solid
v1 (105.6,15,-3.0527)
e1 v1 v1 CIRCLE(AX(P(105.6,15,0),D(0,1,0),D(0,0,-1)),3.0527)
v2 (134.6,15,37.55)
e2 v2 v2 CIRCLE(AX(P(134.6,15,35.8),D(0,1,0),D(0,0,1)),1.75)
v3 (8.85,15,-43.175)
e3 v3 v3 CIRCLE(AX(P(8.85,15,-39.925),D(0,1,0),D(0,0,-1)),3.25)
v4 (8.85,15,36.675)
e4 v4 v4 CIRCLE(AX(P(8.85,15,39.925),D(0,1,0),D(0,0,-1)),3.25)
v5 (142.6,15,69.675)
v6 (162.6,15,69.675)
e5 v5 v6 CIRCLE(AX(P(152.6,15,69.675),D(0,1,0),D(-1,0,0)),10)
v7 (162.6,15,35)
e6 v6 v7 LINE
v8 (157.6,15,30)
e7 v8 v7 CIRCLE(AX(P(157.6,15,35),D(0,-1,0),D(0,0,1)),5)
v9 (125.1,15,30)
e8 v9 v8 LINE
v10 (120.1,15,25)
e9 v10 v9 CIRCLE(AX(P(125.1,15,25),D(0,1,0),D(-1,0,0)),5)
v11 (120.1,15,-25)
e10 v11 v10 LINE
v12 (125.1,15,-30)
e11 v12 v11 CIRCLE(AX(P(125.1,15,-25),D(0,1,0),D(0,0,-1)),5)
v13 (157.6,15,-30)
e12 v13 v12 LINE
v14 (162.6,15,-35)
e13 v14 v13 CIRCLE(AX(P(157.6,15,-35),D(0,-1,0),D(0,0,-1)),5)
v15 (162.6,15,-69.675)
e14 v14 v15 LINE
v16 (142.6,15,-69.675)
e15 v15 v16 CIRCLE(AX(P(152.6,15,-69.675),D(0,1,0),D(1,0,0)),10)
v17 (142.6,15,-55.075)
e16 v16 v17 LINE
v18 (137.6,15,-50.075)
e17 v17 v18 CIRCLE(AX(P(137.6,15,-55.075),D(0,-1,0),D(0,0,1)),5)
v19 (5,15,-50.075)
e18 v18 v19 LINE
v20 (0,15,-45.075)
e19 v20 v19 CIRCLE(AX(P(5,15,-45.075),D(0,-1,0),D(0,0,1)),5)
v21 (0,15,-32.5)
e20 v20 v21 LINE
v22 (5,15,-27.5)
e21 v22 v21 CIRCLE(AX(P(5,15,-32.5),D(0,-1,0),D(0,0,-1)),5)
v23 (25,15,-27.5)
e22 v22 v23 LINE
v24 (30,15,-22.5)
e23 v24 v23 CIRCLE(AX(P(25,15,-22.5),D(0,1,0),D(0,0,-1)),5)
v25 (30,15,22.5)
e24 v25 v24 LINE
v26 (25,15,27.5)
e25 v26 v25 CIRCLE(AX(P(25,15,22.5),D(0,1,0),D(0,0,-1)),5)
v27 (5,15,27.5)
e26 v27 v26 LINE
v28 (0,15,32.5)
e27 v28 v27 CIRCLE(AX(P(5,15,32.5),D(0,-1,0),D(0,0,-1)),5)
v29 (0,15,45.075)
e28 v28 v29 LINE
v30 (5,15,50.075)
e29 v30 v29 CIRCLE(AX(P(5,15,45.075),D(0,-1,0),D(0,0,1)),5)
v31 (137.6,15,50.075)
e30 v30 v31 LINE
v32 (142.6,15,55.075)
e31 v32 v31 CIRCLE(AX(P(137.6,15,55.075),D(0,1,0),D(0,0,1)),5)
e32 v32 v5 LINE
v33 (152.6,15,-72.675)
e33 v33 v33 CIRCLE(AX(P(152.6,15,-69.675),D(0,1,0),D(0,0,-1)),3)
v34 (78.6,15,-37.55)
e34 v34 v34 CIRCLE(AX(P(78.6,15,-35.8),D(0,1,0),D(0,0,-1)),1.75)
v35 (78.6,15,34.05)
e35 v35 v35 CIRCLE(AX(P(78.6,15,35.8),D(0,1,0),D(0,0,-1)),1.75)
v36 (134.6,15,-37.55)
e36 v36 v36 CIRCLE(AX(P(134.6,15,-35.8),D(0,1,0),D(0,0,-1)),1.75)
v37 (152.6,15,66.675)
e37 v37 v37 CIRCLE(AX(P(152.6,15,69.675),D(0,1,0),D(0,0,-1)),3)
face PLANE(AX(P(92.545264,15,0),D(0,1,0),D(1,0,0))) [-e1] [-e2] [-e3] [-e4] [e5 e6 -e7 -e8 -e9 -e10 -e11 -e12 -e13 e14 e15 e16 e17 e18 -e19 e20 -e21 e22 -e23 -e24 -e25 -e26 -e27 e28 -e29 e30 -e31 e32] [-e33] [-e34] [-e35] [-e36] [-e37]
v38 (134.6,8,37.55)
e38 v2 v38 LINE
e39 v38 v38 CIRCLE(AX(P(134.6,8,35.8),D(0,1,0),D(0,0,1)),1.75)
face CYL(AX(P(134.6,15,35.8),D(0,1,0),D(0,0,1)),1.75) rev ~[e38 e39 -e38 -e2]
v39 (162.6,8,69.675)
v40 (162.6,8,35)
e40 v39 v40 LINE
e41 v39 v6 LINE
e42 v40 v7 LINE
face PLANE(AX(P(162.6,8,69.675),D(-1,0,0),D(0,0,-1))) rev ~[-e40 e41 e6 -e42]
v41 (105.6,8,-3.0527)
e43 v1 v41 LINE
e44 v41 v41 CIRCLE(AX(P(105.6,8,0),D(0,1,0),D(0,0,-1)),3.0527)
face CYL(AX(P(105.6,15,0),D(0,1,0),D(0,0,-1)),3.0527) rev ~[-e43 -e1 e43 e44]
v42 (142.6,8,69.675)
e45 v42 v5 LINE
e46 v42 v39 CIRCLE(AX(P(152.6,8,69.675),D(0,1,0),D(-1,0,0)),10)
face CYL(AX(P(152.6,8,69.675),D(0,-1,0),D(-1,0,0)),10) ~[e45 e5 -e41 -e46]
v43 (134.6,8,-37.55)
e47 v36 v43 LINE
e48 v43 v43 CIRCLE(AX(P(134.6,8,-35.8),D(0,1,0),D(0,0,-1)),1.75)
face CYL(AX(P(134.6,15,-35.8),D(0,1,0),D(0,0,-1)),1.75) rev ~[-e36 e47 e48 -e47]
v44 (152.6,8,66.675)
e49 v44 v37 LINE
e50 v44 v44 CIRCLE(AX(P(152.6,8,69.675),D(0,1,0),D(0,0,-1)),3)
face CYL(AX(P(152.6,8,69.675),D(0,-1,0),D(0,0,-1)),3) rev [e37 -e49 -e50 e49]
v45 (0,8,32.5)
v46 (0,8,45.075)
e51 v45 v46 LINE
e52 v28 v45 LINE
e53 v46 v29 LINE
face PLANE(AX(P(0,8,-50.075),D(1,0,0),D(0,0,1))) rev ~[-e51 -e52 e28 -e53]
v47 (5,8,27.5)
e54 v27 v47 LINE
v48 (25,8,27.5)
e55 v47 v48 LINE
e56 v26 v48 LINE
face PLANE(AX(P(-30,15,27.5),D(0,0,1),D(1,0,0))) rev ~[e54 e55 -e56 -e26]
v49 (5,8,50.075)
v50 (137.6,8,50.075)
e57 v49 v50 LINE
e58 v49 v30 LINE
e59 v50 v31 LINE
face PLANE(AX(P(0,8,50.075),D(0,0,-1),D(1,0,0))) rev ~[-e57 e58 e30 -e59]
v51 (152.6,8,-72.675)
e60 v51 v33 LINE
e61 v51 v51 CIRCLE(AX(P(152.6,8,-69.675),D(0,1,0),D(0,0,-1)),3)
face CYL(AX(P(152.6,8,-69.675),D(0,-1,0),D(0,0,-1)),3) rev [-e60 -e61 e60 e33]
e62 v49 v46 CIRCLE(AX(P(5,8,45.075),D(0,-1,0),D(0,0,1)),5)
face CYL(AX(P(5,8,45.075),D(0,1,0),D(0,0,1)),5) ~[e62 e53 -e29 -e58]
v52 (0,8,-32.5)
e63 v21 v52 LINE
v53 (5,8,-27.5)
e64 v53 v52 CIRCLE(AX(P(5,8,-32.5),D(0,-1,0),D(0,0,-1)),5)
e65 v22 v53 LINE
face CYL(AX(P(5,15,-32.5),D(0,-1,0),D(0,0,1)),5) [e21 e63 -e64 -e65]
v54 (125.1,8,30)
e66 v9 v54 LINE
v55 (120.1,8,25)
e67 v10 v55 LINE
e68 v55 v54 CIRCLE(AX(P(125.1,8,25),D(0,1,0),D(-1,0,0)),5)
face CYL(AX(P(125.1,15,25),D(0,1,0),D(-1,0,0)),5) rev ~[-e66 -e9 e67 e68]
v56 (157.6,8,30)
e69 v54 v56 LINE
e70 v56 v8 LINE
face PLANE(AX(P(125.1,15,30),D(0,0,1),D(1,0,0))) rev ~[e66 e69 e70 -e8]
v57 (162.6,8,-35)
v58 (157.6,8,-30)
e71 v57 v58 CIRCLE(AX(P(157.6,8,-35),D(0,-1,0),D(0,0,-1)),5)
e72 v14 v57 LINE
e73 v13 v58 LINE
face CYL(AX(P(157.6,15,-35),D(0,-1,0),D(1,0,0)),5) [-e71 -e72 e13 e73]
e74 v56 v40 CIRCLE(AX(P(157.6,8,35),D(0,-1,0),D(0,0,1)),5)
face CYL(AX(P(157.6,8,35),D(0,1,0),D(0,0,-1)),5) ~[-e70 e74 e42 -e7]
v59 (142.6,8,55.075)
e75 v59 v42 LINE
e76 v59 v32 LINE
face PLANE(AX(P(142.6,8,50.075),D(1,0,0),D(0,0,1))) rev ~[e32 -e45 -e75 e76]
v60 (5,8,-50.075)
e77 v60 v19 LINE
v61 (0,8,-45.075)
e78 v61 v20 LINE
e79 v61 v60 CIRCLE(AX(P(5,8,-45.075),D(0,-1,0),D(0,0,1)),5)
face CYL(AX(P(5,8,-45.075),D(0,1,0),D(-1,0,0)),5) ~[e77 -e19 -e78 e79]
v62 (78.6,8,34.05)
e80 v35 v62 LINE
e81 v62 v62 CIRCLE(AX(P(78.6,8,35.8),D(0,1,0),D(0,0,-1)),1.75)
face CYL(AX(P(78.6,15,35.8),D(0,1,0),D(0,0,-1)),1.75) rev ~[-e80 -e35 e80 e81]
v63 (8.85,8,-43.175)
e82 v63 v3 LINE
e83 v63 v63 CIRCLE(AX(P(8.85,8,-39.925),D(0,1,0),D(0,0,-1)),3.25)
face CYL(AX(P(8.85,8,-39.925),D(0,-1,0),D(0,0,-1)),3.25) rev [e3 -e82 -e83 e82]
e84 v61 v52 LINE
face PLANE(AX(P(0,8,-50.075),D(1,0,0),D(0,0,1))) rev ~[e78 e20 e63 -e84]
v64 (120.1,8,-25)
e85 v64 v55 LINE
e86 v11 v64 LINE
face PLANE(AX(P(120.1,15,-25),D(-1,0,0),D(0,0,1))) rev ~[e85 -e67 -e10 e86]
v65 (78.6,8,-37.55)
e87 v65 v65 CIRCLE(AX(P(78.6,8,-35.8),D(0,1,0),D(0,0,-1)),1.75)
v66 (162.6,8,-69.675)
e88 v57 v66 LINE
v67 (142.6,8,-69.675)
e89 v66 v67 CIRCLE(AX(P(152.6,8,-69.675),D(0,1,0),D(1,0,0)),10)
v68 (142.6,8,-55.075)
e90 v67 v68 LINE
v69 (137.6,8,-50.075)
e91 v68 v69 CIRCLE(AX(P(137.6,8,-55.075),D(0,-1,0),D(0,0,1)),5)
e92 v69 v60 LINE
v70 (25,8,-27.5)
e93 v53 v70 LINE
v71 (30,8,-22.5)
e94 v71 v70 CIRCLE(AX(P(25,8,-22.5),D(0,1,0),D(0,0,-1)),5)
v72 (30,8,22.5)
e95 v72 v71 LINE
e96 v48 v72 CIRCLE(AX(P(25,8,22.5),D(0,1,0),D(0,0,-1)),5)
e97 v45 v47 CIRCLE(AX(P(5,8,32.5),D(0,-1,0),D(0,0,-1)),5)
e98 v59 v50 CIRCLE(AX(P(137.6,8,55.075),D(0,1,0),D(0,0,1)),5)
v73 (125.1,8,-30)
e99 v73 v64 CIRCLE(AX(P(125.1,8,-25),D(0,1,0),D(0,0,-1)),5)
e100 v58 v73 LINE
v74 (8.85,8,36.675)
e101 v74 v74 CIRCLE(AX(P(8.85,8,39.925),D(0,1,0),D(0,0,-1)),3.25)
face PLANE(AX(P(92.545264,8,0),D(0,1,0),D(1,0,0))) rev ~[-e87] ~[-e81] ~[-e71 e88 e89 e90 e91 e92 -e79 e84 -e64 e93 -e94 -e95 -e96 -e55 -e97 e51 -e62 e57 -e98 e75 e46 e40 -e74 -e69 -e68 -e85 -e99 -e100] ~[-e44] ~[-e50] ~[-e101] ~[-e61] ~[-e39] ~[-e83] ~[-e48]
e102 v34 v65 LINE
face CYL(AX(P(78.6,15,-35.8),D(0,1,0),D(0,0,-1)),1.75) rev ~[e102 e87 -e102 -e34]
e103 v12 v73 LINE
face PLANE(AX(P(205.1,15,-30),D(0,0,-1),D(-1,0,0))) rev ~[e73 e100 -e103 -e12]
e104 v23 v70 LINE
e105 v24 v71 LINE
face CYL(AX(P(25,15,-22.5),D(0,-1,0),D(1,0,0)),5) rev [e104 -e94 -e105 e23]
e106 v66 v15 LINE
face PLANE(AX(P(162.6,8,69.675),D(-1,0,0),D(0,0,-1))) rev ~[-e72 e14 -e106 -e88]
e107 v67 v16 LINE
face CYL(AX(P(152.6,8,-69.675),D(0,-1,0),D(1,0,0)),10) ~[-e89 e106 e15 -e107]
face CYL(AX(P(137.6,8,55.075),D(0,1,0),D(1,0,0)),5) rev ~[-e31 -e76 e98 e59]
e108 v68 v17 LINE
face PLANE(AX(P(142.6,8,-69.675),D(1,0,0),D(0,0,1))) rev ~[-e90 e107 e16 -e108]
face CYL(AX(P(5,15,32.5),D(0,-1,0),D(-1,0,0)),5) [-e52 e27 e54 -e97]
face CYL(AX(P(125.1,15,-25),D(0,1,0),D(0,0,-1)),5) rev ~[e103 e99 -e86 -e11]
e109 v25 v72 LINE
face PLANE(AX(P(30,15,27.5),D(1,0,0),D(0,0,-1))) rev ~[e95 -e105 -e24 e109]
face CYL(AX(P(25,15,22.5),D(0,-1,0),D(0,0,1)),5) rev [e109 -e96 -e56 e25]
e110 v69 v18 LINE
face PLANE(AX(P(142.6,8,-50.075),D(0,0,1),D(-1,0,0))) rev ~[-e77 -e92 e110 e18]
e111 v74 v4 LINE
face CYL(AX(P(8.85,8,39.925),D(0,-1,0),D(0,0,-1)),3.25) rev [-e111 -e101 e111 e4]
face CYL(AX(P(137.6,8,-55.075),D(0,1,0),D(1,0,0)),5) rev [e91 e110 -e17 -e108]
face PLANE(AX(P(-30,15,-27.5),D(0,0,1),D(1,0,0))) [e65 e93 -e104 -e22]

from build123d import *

# Parameters (mm, degrees)
CROQUIS2_R              = 3
CROQUIS2_R_2            = 3.25
SALIENTE_EXTRUIR1_DEPTH = 7
CORTAR_EXTRUIR3_DEPTH   = 7
CROQUIS4_W              = 60
CROQUIS4_H              = 55
CORTAR_EXTRUIR4_DEPTH   = 7
REDONDEO1_R             = 5
CORTAR_EXTRUIR5_DEPTH   = 10
REDONDEO2_R             = 5


with BuildPart() as part:
    # Croquis2 → Saliente-Extruir1 (new body)
    with BuildSketch(Plane(origin=(0, 8, 0), x_dir=(1, 0, 0), z_dir=(0, 1, 0))):
        with BuildLine():
            Line((162.6, -69.675), (162.6, 69.675))
            ThreePointArc((162.6, 69.675), (152.6, 79.675), (142.6, 69.675))
            Line((142.6, 69.675), (142.6, 50.075))
            Line((142.6, 50.075), (8.85, 50.075))
            Line((8.85, 50.075), (0, 50.075))
            Line((0, 50.075), (0, -50.075))
            Line((0, -50.075), (8.85, -50.075))
            Line((8.85, -50.075), (142.6, -50.075))
            Line((142.6, -50.075), (142.6, -69.675))
            ThreePointArc((142.6, -69.675), (152.6, -79.675), (162.6, -69.675))
        make_face()
        with Locations(Location((152.6, -69.675, 0), (0, 0, 90))):
            Circle(CROQUIS2_R, mode=Mode.SUBTRACT)
        with Locations(Location((8.85, -39.925, 0), (0, 0, 90))):
            Circle(CROQUIS2_R_2, mode=Mode.SUBTRACT)
        with Locations(Location((8.85, 39.925, 0), (0, 0, 90))):
            Circle(CROQUIS2_R_2, mode=Mode.SUBTRACT)
        with Locations(Location((152.6, 69.675, 0), (0, 0, 90))):
            Circle(CROQUIS2_R, mode=Mode.SUBTRACT)
    extrude(amount=SALIENTE_EXTRUIR1_DEPTH)

    # Croquis3 → Cortar-Extruir3 (cut)
    with BuildSketch(Plane(origin=(0, 15, 0), x_dir=(1, 0, 0), z_dir=(0, 1, 0))):
        with BuildLine():
            ThreePointArc((134.6, 34.049999999), (136.35, 35.799999999), (134.6, 37.549999999))
            ThreePointArc((134.6, 37.549999999), (132.85, 35.799999999), (134.6, 34.049999999))
        make_face()
        with BuildLine():
            ThreePointArc((78.6, 34.049999999), (80.35, 35.799999999), (78.6, 37.549999999))
            ThreePointArc((78.6, 37.549999999), (76.85, 35.799999999), (78.6, 34.049999999))
        make_face()
        with BuildLine():
            ThreePointArc((134.6, -34.050000001), (132.85, -35.800000001), (134.6, -37.550000001))
            ThreePointArc((134.6, -37.550000001), (136.35, -35.800000001), (134.6, -34.050000001))
        make_face()
        with BuildLine():
            ThreePointArc((78.6, -37.550000001), (80.35, -35.800000001), (78.6, -34.050000001))
            ThreePointArc((78.6, -34.050000001), (76.85, -35.800000001), (78.6, -37.550000001))
        make_face()
        with BuildLine():
            ThreePointArc((105.6, -3.052700001), (108.6527, -1e-09), (105.6, 3.052699999))
            ThreePointArc((105.6, 3.052699999), (102.5473, -1e-09), (105.6, -3.052700001))
        make_face()
    extrude(amount=-CORTAR_EXTRUIR3_DEPTH, mode=Mode.SUBTRACT)

    # Croquis4 → Cortar-Extruir4 (cut)
    with BuildSketch(Plane(origin=(0, 15, 0), x_dir=(1, 0, 0), z_dir=(0, 1, 0))):
        Rectangle(CROQUIS4_W, CROQUIS4_H)
    extrude(amount=-CORTAR_EXTRUIR4_DEPTH, mode=Mode.SUBTRACT)

    # Redondeo1
    redondeo1_edges = [part.edges().sort_by_distance(p)[0] for p in [
        (142.6, 11.5, 50.075),
        (0, 11.5, 50.075),
        (0, 11.5, -50.075),
        (142.6, 11.5, -50.075),
        (0, 11.5, -27.5),
        (0, 11.5, 27.5),
        (30, 11.5, 27.5),
        (30, 11.5, -27.5),
    ]]
    fillet(redondeo1_edges, radius=REDONDEO1_R)

    # Croquis5 → Cortar-Extruir5 (cut)
    with BuildSketch(Plane(origin=(0, 15, 0), x_dir=(1, 0, 0), z_dir=(0, 1, 0))):
        with BuildLine():
            Line((125.1, -30), (205.1, -30))
            Line((205.1, -30), (205.1, 30))
            Line((205.1, 30), (125.1, 30))
            ThreePointArc((125.1, 30), (121.564466094, 28.535533906), (120.1, 25))
            Line((120.1, 25), (120.1, -25))
            ThreePointArc((120.1, -25), (121.564466094, -28.535533906), (125.1, -30))
        make_face()
    extrude(amount=-CORTAR_EXTRUIR5_DEPTH, mode=Mode.SUBTRACT)

    # Redondeo2
    redondeo2_edges = [part.edges().sort_by_distance(p)[0] for p in [
        (162.6, 11.5, -30),
        (162.6, 11.5, 30),
    ]]
    fillet(redondeo2_edges, radius=REDONDEO2_R)


solid = part.part
